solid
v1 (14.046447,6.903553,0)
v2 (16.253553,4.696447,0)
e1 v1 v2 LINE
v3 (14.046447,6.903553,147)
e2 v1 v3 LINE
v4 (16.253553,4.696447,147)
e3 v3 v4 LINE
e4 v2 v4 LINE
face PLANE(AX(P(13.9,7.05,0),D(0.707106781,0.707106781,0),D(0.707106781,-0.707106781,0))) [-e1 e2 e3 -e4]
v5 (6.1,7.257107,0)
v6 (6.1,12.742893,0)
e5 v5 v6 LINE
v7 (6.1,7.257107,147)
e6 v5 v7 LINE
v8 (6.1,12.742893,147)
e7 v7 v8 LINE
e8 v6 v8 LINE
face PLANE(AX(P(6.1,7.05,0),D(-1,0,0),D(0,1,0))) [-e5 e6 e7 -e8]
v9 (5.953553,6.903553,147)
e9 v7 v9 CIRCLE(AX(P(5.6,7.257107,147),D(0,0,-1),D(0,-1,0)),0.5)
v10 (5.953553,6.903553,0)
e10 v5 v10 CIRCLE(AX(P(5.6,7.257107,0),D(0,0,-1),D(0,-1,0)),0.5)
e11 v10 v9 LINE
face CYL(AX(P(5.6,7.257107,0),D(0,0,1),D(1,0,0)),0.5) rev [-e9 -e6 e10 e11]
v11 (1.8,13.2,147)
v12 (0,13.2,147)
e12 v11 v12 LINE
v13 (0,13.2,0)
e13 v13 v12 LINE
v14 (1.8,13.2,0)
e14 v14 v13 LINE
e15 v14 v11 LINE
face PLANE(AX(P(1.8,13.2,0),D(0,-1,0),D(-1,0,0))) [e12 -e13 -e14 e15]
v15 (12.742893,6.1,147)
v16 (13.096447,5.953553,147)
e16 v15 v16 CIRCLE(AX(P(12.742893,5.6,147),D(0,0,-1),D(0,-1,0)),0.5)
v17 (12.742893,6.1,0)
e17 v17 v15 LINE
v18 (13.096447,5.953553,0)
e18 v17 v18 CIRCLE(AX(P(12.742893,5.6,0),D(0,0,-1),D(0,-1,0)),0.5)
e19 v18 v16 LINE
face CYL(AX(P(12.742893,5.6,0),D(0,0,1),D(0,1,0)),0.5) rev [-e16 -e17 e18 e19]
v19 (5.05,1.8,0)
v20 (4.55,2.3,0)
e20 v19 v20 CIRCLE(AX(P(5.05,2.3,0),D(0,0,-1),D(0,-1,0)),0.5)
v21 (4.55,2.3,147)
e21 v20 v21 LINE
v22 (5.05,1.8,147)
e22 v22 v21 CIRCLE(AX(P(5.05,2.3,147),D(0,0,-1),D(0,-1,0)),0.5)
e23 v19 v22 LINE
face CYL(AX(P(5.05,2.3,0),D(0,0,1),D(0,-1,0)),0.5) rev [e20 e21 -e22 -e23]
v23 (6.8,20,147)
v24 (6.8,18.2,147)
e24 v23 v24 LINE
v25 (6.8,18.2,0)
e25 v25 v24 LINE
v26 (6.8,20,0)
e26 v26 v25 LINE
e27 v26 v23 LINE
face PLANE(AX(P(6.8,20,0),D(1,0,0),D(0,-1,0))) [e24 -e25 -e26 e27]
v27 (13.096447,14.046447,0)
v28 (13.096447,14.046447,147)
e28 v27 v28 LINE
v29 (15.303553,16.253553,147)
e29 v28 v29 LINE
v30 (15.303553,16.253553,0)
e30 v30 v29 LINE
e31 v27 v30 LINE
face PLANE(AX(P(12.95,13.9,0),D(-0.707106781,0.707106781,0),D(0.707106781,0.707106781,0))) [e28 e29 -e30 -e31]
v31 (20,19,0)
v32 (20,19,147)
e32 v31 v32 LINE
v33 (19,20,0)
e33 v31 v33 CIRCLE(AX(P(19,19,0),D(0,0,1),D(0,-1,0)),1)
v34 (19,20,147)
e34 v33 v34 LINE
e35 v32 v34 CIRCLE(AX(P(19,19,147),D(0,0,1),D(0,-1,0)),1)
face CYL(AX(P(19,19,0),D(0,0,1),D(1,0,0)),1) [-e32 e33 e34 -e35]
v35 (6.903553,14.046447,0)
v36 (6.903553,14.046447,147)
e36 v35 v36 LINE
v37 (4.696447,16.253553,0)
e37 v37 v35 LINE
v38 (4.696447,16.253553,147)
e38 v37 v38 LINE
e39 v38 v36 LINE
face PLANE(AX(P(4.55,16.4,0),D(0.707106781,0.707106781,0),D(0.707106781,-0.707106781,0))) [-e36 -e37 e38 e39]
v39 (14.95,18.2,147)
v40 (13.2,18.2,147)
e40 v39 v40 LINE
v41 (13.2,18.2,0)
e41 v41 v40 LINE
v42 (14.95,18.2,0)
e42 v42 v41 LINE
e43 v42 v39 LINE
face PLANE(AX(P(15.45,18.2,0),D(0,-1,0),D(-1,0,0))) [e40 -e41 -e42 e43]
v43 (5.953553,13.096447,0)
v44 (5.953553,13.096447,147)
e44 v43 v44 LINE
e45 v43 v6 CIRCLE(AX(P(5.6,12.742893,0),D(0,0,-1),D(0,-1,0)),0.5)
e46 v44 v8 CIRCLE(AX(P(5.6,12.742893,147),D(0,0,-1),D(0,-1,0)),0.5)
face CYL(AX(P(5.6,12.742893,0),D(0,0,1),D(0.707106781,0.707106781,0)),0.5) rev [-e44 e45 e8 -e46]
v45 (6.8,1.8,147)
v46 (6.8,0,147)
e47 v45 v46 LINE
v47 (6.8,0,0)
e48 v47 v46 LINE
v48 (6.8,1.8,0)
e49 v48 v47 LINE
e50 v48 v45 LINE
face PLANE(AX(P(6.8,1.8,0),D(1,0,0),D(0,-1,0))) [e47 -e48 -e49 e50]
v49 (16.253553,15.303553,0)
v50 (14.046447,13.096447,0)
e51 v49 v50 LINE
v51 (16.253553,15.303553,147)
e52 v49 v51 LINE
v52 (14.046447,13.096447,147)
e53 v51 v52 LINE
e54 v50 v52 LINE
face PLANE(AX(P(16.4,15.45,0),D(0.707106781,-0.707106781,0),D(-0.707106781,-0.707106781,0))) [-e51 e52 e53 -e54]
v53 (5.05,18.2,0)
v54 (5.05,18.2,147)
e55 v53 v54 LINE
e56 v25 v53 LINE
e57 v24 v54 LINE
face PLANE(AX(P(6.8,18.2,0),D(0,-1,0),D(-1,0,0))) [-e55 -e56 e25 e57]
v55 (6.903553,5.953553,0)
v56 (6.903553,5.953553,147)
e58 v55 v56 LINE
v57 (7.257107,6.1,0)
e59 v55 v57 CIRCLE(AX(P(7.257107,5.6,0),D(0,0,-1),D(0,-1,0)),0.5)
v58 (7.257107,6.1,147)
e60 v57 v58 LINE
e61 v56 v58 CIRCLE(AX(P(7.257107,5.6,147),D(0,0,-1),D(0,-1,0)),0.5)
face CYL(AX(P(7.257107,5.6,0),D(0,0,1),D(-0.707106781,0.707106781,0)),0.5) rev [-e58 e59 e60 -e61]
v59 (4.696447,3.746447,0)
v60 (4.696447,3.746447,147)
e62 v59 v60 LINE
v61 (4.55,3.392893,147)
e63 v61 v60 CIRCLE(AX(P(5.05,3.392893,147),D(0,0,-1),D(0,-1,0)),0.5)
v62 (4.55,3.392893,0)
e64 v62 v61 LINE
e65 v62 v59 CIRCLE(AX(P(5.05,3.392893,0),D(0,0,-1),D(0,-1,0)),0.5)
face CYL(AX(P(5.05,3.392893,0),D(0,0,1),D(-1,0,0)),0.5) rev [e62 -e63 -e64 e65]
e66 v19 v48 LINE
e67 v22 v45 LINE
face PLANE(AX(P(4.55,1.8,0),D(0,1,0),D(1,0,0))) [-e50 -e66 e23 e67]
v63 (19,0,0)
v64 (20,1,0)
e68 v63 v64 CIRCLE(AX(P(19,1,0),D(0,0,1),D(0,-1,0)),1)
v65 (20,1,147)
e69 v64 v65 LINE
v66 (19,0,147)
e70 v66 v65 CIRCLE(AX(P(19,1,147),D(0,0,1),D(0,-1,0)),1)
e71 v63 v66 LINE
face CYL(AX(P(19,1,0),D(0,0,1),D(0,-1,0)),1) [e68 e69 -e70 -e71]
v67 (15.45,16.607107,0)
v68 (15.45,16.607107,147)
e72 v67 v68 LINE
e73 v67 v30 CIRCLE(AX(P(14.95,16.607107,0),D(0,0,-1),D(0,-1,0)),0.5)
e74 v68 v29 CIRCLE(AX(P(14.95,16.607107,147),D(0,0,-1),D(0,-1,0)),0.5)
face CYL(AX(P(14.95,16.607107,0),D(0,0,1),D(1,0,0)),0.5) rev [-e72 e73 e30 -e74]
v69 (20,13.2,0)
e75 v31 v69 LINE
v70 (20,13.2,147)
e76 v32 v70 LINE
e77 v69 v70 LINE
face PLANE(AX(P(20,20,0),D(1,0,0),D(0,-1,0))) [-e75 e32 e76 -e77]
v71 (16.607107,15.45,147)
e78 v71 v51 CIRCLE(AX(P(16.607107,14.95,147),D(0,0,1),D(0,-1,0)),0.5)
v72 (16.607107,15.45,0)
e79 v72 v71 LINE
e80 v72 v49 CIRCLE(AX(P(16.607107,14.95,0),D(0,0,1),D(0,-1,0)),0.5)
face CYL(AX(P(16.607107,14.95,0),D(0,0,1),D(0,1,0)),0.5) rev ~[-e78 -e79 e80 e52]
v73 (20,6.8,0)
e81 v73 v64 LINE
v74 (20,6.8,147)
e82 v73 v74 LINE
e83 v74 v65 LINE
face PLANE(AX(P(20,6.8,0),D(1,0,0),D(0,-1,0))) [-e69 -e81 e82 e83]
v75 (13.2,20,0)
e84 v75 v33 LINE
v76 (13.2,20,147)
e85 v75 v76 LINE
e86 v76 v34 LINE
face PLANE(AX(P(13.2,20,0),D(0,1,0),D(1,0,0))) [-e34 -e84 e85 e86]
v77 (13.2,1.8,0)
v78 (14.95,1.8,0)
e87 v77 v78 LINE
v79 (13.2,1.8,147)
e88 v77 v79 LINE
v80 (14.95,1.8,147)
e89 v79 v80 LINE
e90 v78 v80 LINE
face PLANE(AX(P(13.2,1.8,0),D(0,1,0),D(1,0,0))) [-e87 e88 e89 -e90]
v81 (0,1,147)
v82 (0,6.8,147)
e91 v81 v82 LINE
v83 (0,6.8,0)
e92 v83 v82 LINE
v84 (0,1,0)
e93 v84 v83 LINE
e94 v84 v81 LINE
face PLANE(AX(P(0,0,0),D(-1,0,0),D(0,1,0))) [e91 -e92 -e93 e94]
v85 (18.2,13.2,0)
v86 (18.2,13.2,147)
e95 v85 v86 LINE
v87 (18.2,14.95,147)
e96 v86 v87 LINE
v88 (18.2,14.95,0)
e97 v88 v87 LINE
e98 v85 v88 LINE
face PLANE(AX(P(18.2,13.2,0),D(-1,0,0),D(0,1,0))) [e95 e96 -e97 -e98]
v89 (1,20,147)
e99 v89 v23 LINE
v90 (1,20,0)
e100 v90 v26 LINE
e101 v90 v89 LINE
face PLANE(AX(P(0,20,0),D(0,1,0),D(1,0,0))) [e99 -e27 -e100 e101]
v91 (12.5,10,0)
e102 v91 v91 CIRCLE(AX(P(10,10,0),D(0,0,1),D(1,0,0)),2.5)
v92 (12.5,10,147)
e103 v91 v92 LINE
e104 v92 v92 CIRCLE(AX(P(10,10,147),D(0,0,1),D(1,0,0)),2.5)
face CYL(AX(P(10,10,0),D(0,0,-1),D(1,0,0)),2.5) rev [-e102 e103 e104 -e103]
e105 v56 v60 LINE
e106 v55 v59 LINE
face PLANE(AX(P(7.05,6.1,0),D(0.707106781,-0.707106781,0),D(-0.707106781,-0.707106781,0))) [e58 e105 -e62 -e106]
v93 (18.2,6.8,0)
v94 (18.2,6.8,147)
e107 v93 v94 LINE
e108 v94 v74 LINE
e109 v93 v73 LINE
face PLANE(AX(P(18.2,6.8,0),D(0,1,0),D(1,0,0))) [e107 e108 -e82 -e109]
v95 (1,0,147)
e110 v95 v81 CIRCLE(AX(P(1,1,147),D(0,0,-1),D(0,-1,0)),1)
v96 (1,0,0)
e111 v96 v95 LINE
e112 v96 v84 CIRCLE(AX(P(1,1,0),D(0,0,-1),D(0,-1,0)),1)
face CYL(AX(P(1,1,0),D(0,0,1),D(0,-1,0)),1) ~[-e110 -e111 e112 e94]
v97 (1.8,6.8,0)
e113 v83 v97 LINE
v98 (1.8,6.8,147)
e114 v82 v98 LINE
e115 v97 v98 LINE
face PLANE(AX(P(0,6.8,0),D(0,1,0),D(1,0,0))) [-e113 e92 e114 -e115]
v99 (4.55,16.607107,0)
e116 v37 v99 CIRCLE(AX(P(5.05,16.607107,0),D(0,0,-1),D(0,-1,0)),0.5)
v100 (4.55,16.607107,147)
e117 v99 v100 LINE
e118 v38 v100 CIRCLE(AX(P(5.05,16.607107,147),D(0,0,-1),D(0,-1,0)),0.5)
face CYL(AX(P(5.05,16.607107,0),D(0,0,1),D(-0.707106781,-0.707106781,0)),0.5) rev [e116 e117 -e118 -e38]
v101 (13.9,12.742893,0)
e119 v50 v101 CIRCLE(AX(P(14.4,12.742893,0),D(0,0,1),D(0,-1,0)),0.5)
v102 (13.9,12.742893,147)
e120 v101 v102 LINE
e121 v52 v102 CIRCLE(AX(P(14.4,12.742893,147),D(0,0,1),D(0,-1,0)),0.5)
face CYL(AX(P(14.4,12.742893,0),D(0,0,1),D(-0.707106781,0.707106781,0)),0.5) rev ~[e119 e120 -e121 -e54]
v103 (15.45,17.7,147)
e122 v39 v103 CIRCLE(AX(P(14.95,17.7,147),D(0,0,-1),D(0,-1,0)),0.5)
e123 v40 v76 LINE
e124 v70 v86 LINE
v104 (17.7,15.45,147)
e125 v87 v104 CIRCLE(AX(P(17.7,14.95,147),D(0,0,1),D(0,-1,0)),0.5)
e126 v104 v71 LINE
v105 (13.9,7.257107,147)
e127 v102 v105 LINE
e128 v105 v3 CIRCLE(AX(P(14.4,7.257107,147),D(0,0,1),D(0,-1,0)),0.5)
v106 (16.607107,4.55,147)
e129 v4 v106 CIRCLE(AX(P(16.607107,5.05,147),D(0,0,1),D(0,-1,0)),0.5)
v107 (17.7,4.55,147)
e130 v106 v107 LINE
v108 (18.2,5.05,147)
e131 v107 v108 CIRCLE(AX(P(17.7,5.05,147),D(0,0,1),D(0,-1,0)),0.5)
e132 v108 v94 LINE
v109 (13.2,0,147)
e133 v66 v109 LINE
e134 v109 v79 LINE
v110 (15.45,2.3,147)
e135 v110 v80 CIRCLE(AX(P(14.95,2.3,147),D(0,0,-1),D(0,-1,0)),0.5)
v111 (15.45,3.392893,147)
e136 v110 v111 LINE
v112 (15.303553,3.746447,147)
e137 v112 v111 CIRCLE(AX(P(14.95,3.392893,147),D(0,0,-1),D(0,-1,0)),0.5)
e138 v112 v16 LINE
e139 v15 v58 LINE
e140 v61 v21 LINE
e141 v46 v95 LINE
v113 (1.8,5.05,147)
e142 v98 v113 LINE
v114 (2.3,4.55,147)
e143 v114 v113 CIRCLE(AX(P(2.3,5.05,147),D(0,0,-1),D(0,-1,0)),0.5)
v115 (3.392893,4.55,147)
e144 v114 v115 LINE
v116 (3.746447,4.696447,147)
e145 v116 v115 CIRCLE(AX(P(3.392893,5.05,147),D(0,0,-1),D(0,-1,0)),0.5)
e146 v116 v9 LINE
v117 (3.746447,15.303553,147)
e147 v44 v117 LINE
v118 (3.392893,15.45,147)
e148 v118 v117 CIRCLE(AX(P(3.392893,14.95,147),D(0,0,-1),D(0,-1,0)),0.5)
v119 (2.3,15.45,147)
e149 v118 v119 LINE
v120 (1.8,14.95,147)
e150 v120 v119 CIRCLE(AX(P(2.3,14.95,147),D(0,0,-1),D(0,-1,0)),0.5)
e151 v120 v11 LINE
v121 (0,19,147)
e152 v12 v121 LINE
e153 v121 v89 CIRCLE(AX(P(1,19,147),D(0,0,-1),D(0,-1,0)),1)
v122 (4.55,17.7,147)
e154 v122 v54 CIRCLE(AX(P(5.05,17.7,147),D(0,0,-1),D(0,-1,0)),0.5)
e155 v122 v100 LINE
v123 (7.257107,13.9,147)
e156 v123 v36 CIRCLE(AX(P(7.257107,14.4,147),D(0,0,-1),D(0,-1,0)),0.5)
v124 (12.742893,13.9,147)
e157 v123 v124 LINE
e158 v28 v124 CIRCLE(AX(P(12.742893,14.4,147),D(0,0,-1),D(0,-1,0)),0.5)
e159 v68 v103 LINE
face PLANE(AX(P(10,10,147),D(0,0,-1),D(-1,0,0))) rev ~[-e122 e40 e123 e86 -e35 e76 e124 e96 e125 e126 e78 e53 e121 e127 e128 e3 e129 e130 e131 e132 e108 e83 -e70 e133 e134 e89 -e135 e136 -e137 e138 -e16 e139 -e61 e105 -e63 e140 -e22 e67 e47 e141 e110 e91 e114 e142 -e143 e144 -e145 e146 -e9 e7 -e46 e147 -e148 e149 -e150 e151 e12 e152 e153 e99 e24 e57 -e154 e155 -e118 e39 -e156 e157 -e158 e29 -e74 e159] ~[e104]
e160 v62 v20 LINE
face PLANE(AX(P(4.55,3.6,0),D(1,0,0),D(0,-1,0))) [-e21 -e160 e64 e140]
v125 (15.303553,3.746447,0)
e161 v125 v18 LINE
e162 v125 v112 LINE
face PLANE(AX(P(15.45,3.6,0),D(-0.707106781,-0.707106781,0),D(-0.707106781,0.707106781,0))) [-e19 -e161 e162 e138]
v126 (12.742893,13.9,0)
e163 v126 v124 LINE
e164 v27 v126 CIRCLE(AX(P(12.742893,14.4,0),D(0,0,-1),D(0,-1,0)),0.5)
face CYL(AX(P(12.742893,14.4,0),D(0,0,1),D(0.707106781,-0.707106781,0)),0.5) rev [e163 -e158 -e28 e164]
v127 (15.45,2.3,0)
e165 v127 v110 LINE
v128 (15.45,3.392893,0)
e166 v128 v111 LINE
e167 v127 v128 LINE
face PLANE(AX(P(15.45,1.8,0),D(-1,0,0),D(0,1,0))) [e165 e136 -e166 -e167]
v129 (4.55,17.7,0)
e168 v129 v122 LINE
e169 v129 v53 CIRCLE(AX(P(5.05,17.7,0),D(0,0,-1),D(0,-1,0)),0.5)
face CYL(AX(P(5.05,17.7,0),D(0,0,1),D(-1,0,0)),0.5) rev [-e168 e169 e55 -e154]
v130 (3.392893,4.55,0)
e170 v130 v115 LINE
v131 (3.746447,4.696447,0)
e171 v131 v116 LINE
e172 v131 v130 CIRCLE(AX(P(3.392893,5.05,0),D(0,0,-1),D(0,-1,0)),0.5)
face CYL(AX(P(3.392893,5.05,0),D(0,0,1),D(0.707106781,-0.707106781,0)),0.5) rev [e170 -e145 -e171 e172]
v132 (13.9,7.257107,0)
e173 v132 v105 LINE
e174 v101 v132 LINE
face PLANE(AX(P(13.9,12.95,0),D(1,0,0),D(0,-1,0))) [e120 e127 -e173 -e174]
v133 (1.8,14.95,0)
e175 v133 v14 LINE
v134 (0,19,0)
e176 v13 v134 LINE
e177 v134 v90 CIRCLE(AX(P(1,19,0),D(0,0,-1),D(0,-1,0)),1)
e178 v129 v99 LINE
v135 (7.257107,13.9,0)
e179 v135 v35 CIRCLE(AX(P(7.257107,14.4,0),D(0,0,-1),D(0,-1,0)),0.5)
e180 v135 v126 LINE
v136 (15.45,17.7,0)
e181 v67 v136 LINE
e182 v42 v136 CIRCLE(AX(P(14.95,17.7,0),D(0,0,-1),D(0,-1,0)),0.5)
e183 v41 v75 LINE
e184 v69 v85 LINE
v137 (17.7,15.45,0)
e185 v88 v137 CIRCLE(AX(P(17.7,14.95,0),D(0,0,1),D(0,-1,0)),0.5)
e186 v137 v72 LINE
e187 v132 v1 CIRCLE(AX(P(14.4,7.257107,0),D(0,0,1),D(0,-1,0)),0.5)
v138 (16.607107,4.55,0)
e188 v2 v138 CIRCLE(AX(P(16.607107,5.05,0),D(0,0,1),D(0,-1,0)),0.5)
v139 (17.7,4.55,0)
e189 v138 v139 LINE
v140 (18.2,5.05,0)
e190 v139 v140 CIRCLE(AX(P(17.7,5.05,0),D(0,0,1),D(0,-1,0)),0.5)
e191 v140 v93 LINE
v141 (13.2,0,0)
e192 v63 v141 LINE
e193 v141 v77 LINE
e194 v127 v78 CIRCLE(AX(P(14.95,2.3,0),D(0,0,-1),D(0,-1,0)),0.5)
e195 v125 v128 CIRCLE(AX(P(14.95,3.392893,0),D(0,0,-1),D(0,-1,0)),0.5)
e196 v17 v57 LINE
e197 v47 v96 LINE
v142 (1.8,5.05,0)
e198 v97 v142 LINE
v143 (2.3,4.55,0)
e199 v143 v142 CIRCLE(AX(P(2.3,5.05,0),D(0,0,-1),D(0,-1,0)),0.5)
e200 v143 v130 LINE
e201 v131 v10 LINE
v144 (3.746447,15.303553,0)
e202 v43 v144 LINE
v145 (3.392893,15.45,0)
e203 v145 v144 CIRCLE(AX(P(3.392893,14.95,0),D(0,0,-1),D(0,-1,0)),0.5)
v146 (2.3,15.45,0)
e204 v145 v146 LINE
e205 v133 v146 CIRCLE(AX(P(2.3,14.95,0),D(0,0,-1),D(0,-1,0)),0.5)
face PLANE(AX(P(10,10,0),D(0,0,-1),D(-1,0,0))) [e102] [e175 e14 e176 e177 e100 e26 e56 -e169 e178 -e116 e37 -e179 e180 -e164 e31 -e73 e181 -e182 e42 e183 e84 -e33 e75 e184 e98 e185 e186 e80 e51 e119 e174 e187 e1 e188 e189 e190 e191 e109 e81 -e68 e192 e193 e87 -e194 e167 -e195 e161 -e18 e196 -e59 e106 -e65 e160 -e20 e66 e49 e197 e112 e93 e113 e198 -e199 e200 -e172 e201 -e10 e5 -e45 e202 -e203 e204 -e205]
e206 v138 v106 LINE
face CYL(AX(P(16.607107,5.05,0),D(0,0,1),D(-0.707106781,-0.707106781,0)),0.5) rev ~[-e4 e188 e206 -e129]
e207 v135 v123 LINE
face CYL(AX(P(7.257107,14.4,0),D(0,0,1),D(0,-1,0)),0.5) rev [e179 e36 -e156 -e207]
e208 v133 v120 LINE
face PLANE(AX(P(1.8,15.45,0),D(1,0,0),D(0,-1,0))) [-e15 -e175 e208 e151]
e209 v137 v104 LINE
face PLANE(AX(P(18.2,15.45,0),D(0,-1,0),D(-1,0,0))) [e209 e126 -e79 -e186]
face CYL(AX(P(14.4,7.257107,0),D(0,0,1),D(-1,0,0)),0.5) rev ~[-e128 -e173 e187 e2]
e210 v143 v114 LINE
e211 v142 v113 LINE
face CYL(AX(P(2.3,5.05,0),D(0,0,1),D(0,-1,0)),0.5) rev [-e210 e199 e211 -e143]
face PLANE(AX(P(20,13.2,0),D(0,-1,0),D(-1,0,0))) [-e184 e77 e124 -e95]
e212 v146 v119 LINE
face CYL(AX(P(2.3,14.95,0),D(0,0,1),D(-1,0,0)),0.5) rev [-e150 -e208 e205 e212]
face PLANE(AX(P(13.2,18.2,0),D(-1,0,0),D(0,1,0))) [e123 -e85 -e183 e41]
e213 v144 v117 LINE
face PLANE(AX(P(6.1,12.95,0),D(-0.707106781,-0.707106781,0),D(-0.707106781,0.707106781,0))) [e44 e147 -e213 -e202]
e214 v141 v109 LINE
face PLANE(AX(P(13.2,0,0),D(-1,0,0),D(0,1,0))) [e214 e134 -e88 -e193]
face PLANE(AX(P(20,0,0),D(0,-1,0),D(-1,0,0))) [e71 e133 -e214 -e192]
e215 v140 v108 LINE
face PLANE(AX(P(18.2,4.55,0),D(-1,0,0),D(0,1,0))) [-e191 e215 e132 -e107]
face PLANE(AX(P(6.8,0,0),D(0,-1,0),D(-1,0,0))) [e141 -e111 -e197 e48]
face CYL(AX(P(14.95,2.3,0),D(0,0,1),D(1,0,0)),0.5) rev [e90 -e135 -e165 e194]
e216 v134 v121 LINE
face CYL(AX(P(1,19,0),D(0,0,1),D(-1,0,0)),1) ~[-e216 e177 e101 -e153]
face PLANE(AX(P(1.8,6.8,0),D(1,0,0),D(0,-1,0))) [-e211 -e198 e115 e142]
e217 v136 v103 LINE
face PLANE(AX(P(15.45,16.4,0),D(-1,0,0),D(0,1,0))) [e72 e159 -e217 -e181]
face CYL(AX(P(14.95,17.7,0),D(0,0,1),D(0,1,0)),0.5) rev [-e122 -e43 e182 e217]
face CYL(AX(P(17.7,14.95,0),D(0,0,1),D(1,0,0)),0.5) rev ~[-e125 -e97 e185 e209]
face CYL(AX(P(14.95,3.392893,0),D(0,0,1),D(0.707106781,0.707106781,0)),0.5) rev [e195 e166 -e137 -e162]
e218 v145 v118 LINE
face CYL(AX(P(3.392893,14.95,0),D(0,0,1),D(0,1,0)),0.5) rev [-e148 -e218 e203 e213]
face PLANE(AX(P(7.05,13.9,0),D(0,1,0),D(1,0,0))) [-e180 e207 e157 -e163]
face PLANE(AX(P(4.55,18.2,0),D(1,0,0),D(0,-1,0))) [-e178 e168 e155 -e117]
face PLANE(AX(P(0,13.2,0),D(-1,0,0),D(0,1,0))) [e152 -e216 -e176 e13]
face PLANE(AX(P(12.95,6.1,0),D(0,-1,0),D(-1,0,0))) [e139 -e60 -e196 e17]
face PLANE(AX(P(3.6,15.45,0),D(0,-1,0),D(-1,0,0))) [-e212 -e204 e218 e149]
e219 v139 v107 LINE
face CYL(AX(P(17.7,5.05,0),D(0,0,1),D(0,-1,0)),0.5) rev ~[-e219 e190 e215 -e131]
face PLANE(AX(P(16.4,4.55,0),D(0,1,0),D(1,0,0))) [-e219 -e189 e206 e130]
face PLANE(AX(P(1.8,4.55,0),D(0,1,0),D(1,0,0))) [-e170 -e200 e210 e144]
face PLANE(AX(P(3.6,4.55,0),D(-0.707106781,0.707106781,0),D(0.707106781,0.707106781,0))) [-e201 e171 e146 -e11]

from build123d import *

# Parameters (mm, degrees)
SKETCH1_R           = 2.5
BOSS_EXTRUDE1_DEPTH = 147
FILLET1_R           = 1
FILLET2_R           = 0.5
FILLET3_R           = 0.5
FILLET4_R           = 0.5
FILLET5_R           = 0.5


with BuildPart() as part:
    # Sketch1 → Boss-Extrude1 (new body)
    with BuildSketch(Plane.XY):
        Polygon((13.2, 0), (13.2, 1.8), (15.45, 1.8), (15.45, 3.6), (12.95, 6.1), (7.05, 6.1), (4.55, 3.6), (4.55, 1.8), (6.8, 1.8), (6.8, 0), (0, 0), (0, 6.8), (1.8, 6.8), (1.8, 4.55), (3.6, 4.55), (6.1, 7.05), (6.1, 12.95), (3.6, 15.45), (1.8, 15.45), (1.8, 13.2), (0, 13.2), (0, 20), (6.8, 20), (6.8, 18.2), (4.55, 18.2), (4.55, 16.4), (7.05, 13.9), (12.95, 13.9), (15.45, 16.4), (15.45, 18.2), (13.2, 18.2), (13.2, 20), (20, 20), (20, 13.2), (18.2, 13.2), (18.2, 15.45), (16.4, 15.45), (13.9, 12.95), (13.9, 7.05), (16.4, 4.55), (18.2, 4.55), (18.2, 6.8), (20, 6.8), (20, 0), align=None)
        with Locations((10, 10)):
            Circle(SKETCH1_R, mode=Mode.SUBTRACT)
    extrude(amount=BOSS_EXTRUDE1_DEPTH)

    # Fillet1
    fillet1_edges = [part.edges().sort_by_distance(p)[0] for p in [
        (0, 0, 73.5),
        (0, 20, 73.5),
        (20, 20, 73.5),
        (20, 0, 73.5),
    ]]
    fillet(fillet1_edges, radius=FILLET1_R)

    # Fillet2
    fillet2_edges = [part.edges().sort_by_distance(p)[0] for p in [
        (4.55, 18.2, 73.5),
        (4.55, 16.4, 73.5),
        (7.05, 13.9, 73.5),
        (12.95, 13.9, 73.5),
        (15.45, 16.4, 73.5),
        (15.45, 18.2, 73.5),
    ]]
    fillet(fillet2_edges, radius=FILLET2_R)

    # Fillet3
    fillet3_edges = [part.edges().sort_by_distance(p)[0] for p in [
        (18.2, 15.45, 73.5),
        (16.4, 15.45, 73.5),
        (13.9, 12.95, 73.5),
        (13.9, 7.05, 73.5),
        (16.4, 4.55, 73.5),
        (18.2, 4.55, 73.5),
    ]]
    fillet(fillet3_edges, radius=FILLET3_R)

    # Fillet4
    fillet4_edges = [part.edges().sort_by_distance(p)[0] for p in [
        (1.8, 4.55, 73.5),
        (3.6, 4.55, 73.5),
        (6.1, 7.05, 73.5),
        (6.1, 12.95, 73.5),
        (3.6, 15.45, 73.5),
        (1.8, 15.45, 73.5),
    ]]
    fillet(fillet4_edges, radius=FILLET4_R)

    # Fillet5
    fillet5_edges = [part.edges().sort_by_distance(p)[0] for p in [
        (15.45, 1.8, 73.5),
        (15.45, 3.6, 73.5),
        (12.95, 6.1, 73.5),
        (7.05, 6.1, 73.5),
        (4.55, 3.6, 73.5),
        (4.55, 1.8, 73.5),
    ]]
    fillet(fillet5_edges, radius=FILLET5_R)


solid = part.part
